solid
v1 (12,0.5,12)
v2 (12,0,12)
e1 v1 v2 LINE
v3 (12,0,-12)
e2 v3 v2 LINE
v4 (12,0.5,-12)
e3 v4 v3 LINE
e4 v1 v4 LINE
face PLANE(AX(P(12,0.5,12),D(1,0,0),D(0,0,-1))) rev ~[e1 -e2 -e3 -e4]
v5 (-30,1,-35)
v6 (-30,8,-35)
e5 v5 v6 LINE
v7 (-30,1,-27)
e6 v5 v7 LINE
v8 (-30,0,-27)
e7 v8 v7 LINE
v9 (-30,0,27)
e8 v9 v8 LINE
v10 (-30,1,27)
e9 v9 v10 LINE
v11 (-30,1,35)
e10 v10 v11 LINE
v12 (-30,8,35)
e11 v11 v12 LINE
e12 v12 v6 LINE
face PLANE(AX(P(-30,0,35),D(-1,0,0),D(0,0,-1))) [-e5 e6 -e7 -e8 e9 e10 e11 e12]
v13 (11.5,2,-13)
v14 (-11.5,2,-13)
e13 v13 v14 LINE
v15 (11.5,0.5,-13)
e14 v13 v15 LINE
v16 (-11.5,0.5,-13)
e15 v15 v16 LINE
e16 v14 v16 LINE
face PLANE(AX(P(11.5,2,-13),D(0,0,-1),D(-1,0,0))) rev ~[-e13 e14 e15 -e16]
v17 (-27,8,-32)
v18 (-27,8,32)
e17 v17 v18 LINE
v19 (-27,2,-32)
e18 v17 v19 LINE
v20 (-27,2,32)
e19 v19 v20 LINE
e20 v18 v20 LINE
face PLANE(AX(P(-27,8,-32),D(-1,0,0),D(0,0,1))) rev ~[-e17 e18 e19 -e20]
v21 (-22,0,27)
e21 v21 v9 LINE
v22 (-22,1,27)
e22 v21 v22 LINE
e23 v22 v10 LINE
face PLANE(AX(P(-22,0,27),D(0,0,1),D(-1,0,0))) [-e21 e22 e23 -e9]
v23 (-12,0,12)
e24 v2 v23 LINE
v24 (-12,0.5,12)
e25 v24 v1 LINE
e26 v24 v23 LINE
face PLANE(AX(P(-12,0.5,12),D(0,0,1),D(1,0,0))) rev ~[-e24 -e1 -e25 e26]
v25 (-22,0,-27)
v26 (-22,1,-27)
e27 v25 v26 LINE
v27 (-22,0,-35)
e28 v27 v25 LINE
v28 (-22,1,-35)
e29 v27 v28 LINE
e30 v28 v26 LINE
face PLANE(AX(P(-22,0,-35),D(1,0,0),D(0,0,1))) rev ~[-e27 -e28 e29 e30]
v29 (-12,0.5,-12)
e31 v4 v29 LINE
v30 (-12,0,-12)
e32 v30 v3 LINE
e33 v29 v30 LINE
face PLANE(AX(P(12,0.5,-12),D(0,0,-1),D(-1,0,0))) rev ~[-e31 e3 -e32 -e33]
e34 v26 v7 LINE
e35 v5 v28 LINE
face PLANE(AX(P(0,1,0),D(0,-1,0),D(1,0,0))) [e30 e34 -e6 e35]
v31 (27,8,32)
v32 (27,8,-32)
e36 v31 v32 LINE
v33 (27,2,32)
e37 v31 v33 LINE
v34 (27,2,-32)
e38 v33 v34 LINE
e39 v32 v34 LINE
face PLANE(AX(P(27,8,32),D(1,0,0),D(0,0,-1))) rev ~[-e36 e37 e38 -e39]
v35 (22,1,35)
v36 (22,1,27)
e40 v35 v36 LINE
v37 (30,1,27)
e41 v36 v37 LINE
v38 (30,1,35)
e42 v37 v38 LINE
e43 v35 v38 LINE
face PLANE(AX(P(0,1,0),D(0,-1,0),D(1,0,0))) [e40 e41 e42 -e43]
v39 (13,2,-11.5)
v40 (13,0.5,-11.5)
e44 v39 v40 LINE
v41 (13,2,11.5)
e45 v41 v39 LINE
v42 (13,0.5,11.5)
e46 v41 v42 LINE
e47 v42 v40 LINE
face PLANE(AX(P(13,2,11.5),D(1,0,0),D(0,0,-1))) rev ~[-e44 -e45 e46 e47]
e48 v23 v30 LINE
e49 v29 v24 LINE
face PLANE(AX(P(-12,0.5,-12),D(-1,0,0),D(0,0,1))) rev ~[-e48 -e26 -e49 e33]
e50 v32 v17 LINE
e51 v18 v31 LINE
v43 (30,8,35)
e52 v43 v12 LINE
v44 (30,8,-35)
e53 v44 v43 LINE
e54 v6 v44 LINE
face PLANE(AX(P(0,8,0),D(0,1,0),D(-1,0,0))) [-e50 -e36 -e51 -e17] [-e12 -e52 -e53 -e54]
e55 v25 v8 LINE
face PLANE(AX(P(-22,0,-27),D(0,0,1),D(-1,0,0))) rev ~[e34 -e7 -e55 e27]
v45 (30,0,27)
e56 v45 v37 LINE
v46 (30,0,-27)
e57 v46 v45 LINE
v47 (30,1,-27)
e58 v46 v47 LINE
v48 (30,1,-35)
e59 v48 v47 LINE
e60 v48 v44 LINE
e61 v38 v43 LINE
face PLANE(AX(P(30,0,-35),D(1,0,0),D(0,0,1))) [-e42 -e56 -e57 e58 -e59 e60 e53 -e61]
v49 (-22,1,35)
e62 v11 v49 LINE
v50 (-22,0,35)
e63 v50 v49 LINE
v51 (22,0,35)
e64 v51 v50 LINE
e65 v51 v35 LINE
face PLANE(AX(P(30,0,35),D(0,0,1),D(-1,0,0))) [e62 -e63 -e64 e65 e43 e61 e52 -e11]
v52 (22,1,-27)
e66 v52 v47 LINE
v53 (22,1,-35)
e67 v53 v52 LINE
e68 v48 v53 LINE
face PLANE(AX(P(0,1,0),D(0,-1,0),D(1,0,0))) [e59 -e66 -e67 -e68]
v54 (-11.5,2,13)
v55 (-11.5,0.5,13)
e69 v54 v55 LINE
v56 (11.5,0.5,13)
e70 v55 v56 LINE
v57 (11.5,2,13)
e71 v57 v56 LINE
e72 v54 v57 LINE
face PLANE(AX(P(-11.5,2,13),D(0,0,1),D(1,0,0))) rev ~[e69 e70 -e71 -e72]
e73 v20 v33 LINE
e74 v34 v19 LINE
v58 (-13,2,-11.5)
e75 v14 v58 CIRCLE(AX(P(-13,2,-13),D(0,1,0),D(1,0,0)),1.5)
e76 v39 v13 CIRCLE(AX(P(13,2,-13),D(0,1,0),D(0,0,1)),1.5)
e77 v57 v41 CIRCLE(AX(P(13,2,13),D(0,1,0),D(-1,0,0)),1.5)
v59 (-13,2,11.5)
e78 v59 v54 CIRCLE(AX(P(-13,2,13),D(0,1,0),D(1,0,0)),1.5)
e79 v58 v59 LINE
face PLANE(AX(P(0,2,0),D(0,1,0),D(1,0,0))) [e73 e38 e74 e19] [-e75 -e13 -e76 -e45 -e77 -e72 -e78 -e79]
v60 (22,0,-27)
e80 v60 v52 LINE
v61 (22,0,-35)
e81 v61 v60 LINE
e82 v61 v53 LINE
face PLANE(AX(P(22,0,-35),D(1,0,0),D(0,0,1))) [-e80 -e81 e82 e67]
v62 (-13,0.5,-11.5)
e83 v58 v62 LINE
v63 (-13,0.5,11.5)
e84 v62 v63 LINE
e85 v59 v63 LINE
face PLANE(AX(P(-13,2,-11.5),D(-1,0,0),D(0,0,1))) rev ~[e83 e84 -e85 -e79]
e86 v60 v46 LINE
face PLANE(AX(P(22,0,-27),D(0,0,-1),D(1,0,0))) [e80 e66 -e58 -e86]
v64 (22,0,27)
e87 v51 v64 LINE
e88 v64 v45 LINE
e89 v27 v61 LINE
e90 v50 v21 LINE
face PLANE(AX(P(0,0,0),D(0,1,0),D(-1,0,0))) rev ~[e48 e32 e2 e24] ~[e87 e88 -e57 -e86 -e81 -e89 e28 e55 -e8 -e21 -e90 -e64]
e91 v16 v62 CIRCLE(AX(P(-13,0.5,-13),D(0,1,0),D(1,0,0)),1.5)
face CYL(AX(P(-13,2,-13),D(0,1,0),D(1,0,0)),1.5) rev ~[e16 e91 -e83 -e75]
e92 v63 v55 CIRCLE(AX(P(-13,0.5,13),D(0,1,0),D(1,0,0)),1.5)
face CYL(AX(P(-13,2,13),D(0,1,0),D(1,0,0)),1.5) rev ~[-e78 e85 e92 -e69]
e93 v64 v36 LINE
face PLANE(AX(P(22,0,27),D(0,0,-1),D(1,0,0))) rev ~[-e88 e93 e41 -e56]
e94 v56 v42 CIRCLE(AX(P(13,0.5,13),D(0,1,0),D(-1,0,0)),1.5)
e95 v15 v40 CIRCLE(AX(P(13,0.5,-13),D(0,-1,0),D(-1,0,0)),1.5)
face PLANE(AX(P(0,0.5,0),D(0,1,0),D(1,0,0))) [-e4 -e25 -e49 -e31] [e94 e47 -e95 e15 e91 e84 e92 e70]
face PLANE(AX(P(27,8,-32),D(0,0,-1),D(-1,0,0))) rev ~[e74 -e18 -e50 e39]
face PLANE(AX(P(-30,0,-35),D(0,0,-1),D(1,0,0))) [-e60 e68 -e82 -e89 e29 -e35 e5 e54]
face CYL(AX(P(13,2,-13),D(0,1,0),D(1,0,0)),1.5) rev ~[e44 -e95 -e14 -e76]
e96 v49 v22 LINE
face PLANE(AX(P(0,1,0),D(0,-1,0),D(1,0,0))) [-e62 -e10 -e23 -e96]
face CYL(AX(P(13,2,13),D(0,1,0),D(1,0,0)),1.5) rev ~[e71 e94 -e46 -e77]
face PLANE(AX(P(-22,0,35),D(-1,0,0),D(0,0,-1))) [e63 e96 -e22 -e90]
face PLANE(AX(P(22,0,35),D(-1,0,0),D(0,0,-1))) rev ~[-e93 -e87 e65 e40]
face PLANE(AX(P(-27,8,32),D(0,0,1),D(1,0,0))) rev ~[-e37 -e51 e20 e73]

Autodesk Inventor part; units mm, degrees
ref_plane "YZ Plane" through (0, 0, 0) normal (1, 0, 0) x (0, 1, 0)
ref_plane "XZ Plane" through (0, 0, 0) normal (0, 1, 0) x (-1, 0, 0)
ref_plane "XY Plane" through (0, 0, 0) normal (0, 0, 1) x (1, 0, 0)
sketch "Sketch1" plane through (0, 0, 0) normal (0, 1, 0) x (-1, 0, 0)
  line L0 (-30, 35) -> (30, 35)
  line L1 (30, 35) -> (30, -35)
  line L2 (30, -35) -> (-30, -35)
  line L3 (-30, -35) -> (-30, 35)
  line L4 (-30, 35) -> (30, -35) construction
  line L5 (30, 35) -> (-30, -35) construction
  point P0 (0, 0)
  dimension "d0" = 60
  dimension "d1" = 70
extrude "Extrusion1" add sketch "Sketch1" along normal blind 8
sketch "Sketch2" plane through (0, 8, 0) normal (0, 1, 0) x (1, 0, 0)
  line L0 (27, -32) -> (27, 32)
  line L1 (27, 32) -> (-27, 32)
  line L2 (-27, 32) -> (-27, -32)
  line L3 (-27, -32) -> (27, -32)
  line L4 (27, -32) -> (-27, 32) construction
  line L5 (27, 32) -> (-27, -32) construction
  point P0 (0, 0)
  dimension "d4" = 64
  dimension "d5" = 54
extrude "Extrusion2" cut sketch "Sketch2" against normal blind 6
sketch "Sketch3" plane through (0, 2, 0) normal (0, 1, 0) x (1, 0, 0)
  line L0 (-12, -12) -> (12, -12)
  line L1 (12, -12) -> (12, 12)
  line L2 (12, 12) -> (-12, 12)
  line L3 (-12, 12) -> (-12, -12)
  line L4 (-12, -12) -> (12, 12) construction
  line L5 (12, -12) -> (-12, 12) construction
  line L6 (-13, -13) -> (13, -13)
  line L7 (13, -13) -> (13, 13)
  line L8 (13, 13) -> (-13, 13)
  line L9 (-13, 13) -> (-13, -13)
  line L10 (-13, -13) -> (13, 13) construction
  line L11 (13, -13) -> (-13, 13) construction
  circle A0 centre (-13, -13) radius 1.5
  circle A1 centre (-13, 13) radius 1.5
  circle A2 centre (13, 13) radius 1.5
  circle A3 centre (13, -13) radius 1.5
  point P0 (0, 0)
  dimension "d8" = 24
  dimension "d9" = 24
  dimension "d10" = 26
  dimension "d11" = 26
  dimension "d23" = 3
  dimension "d24" = 3
  dimension "d25" = 3
  dimension "d26" = 3
extrude "Extrusion3" cut sketch "Sketch3" against normal blind 1.5
sketch "Sketch4" plane through (0, 0.5, 0) normal (0, 1, 0) x (1, 0, 0)
  line L0 (-12, -12) -> (12, -12)
  line L1 (12, -12) -> (12, 12)
  line L2 (12, 12) -> (-12, 12)
  line L3 (-12, 12) -> (-12, -12)
  line L4 (-12, -12) -> (12, 12) construction
  line L5 (12, -12) -> (-12, 12) construction
  point P0 (0, 0)
  dimension "d18" = 24
  dimension "d19" = 24
extrude "Extrusion4" cut sketch "Sketch4" against normal up to next
sketch "Sketch5" plane through (0, 2, 0) normal (0, 1, 0) x (1, 0, 0)
  point P0 (0, 0)
sketch "Sketch6" plane through (0, 2, 0) normal (0, 1, 0) x (1, 0, 0)
  line L0 (20, 34) -> (-20, 34)
  line L1 (-20, 34) -> (-20, -6)
  line L2 (-20, -6) -> (20, -6)
  line L3 (20, -6) -> (20, 34)
  line L4 (20, 34) -> (-20, -6) construction
  line L5 (-20, 34) -> (20, -6) construction
  line L6 (12, -12) -> (-12, -12) projected
  point P0 (0, 0)
  point P1 (0, 14)
  dimension "d27" = 40
  dimension "d28" = 40
  dimension "d29" = 6
sketch "Sketch7" plane through (0, 8, 0) normal (0, 1, 0) x (1, 0, 0)
  point P0 (0, 0)
sketch "Sketch8" plane through (0, 0, 0) normal (0, -1, 0) x (1, 0, 0)
  line L0 (-30, -35) -> (-30, 35) projected
  line L1 (-30, -35) -> (-22, -35)
  line L2 (-22, -35) -> (-22, -27)
  line L3 (-22, -27) -> (-30, -27)
  line L4 (-30, -27) -> (-30, -35)
  line L5 (-30, 35) -> (30, 35) projected
  line L6 (-30, 35) -> (-22, 35)
  line L7 (-22, 35) -> (-22, 27)
  line L8 (-22, 27) -> (-30, 27)
  line L9 (-30, 27) -> (-30, 35)
  line L10 (30, -35) -> (30, 35) projected
  line L11 (30, 35) -> (22, 35)
  line L12 (22, 35) -> (22, 27)
  line L13 (22, 27) -> (30, 27)
  line L14 (30, 27) -> (30, 35)
  line L15 (30, -35) -> (22, -35)
  line L16 (22, -35) -> (22, -27)
  line L17 (22, -27) -> (30, -27)
  line L18 (30, -27) -> (30, -35)
  point P0 (0, 0)
  dimension "d30" = 8
  dimension "d31" = 8
  dimension "d32" = 8
  dimension "d33" = 8
  dimension "d34" = 8
  dimension "d35" = 8
  dimension "d36" = 8
  dimension "d37" = 8
extrude "Extrusion5" cut sketch "Sketch8" against normal blind 1
sketch "Sketch9" plane through (0, 8, 0) normal (0, 1, 0) x (1, 0, 0)
  line L0 (30, 35) -> (22, 35) projected
  line L1 (22, 35) -> (22, 27) projected
  line L2 (30, 35) -> (22, 35)
  line L3 (22, 35) -> (22, 27)
  line L4 (22, 27) -> (30, 27)
  line L5 (30, 27) -> (30, 35)
  circle A0 centre (26, 31) radius 5.5
  point P0 (0, 0)
  dimension "d40" = 11
properties part number "base"
